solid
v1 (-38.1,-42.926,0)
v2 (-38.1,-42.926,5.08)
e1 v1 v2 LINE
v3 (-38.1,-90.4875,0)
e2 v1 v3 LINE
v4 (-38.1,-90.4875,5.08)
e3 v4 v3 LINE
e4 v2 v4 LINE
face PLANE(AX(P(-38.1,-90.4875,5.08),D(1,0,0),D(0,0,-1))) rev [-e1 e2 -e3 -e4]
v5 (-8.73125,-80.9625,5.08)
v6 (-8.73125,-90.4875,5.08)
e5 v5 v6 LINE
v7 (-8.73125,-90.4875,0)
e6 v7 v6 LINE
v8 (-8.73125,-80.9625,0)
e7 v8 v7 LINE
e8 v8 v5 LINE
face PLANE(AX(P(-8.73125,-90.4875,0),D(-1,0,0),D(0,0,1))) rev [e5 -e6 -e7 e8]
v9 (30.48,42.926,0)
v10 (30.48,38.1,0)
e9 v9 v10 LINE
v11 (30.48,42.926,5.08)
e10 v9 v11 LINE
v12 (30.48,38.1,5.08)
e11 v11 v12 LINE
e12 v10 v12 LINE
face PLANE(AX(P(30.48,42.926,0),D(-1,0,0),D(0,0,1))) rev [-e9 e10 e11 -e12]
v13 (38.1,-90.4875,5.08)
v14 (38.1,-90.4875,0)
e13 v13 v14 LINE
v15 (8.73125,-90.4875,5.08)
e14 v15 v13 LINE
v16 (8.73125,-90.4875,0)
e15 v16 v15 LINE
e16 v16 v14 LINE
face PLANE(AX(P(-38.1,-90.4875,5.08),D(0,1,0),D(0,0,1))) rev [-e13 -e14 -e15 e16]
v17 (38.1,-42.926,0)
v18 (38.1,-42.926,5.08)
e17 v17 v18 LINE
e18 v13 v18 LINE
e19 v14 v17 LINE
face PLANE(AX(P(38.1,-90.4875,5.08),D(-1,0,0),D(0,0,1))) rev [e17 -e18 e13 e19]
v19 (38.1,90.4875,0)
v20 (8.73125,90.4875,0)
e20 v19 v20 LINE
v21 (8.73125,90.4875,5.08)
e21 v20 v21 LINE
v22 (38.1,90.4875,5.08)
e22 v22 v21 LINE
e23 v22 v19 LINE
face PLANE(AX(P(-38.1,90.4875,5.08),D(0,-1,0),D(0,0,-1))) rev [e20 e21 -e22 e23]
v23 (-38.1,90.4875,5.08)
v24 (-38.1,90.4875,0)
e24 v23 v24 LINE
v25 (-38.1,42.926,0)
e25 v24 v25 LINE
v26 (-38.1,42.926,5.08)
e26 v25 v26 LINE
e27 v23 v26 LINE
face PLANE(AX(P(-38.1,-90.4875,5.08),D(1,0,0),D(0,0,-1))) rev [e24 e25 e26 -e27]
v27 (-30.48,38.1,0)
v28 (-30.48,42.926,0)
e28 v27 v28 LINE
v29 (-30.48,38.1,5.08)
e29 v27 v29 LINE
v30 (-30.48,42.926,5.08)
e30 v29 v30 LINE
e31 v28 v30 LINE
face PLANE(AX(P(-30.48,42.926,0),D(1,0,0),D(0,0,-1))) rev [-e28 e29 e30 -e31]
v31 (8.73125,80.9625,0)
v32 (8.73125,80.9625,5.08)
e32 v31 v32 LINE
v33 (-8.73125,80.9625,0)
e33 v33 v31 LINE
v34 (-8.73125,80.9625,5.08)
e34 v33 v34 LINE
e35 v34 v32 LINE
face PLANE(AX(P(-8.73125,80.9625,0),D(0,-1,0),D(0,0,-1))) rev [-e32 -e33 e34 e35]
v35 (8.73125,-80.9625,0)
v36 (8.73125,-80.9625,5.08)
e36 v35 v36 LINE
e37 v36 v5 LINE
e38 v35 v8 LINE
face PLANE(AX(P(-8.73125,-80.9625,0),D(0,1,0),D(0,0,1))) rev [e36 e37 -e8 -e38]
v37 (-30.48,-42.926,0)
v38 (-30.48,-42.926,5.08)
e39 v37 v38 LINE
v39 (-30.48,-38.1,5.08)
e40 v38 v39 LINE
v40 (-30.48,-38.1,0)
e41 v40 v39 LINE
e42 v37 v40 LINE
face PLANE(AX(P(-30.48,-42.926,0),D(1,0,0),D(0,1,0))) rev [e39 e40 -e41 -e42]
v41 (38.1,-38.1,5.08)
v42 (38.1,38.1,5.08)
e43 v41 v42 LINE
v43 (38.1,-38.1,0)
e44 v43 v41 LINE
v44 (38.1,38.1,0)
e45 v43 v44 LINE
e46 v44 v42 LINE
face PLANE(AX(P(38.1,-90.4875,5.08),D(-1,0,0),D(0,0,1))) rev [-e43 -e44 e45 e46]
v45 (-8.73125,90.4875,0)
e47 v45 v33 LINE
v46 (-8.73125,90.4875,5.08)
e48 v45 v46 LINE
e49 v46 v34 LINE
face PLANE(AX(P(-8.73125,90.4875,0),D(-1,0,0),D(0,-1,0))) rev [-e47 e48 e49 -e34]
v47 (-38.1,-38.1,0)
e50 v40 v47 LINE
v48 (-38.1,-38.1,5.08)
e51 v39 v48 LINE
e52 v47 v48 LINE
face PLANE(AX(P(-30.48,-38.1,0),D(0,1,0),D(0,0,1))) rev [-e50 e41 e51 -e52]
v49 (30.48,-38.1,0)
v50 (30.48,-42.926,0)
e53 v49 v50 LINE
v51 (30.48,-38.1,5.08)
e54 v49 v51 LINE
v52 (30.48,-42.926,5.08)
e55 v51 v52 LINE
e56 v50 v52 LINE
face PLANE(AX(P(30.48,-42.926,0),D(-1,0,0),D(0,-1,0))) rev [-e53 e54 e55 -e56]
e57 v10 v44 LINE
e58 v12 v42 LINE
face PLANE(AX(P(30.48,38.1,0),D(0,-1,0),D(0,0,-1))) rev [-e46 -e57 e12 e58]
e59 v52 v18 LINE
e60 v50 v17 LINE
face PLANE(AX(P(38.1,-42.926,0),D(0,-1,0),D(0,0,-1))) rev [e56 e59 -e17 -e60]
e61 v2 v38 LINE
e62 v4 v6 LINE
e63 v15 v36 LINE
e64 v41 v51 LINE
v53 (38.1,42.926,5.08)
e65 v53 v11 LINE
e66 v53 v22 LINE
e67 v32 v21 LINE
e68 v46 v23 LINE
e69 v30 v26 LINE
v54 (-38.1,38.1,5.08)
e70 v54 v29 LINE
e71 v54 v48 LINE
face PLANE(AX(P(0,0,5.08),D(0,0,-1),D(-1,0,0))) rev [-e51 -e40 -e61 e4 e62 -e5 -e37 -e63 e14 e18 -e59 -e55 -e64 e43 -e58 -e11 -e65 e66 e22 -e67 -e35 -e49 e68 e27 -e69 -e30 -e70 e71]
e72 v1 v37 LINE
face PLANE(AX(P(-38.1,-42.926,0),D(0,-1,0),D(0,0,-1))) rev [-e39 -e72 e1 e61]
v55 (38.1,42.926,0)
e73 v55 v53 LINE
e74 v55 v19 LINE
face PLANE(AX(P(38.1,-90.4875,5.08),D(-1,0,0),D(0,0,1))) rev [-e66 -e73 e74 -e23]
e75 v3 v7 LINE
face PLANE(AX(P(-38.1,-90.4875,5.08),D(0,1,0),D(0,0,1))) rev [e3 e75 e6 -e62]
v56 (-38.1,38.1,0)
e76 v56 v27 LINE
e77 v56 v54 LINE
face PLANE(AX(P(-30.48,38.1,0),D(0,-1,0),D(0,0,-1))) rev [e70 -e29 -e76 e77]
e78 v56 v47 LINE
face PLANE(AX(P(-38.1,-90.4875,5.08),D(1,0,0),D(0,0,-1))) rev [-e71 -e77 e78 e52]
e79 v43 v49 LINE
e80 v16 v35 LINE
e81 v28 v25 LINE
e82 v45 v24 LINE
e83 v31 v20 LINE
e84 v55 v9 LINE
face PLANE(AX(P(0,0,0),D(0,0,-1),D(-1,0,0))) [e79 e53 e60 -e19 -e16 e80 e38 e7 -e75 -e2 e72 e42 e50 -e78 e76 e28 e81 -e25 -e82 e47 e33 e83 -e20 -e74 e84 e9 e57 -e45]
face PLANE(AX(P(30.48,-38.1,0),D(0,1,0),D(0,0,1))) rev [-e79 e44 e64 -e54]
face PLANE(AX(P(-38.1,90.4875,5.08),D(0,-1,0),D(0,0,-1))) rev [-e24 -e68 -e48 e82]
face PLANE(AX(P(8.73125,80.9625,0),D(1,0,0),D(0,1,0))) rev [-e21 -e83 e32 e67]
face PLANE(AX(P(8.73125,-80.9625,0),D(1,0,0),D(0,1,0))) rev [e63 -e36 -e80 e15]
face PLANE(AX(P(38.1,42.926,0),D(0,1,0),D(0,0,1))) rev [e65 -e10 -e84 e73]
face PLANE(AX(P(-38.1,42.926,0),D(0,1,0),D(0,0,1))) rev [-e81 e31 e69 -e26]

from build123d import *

# Parameters (mm, degrees)
SKETCH1_W           = 76.2
SKETCH1_H           = 180.975
BOSS_EXTRUDE1_DEPTH = 5.08
SKETCH3_W           = 17.4625
SKETCH3_H           = 9.525
CUT_EXTRUDE1_DEPTH  = 6.08
SKETCH4_W           = 7.62
SKETCH4_H           = 4.826
CUT_EXTRUDE2_DEPTH  = 6.08


with BuildPart() as part:
    # Sketch1 → Boss-Extrude1 (new body)
    with BuildSketch(Plane.XY):
        Rectangle(SKETCH1_W, SKETCH1_H)
    extrude(amount=BOSS_EXTRUDE1_DEPTH)

    # Sketch3 → Cut-Extrude1 (cut, through all)
    with BuildSketch(Plane.XY.offset(5.08)):
        with Locations((0, -85.725)):
            Rectangle(SKETCH3_W, SKETCH3_H)
        with Locations((0, 85.725)):
            Rectangle(SKETCH3_W, SKETCH3_H)
    extrude(amount=-CUT_EXTRUDE1_DEPTH, mode=Mode.SUBTRACT)

    # Sketch4 → Cut-Extrude2 (cut, through all)
    with BuildSketch(Plane.XY.offset(5.08)):
        with Locations((-34.29, 40.513)):
            Rectangle(SKETCH4_W, SKETCH4_H)
        with Locations((34.29, 40.513)):
            Rectangle(SKETCH4_W, SKETCH4_H)
        with Locations((34.29, -40.513)):
            Rectangle(SKETCH4_W, SKETCH4_H)
        with Locations((-34.29, -40.513)):
            Rectangle(SKETCH4_W, SKETCH4_H)
    extrude(amount=-CUT_EXTRUDE2_DEPTH, mode=Mode.SUBTRACT)


solid = part.part
